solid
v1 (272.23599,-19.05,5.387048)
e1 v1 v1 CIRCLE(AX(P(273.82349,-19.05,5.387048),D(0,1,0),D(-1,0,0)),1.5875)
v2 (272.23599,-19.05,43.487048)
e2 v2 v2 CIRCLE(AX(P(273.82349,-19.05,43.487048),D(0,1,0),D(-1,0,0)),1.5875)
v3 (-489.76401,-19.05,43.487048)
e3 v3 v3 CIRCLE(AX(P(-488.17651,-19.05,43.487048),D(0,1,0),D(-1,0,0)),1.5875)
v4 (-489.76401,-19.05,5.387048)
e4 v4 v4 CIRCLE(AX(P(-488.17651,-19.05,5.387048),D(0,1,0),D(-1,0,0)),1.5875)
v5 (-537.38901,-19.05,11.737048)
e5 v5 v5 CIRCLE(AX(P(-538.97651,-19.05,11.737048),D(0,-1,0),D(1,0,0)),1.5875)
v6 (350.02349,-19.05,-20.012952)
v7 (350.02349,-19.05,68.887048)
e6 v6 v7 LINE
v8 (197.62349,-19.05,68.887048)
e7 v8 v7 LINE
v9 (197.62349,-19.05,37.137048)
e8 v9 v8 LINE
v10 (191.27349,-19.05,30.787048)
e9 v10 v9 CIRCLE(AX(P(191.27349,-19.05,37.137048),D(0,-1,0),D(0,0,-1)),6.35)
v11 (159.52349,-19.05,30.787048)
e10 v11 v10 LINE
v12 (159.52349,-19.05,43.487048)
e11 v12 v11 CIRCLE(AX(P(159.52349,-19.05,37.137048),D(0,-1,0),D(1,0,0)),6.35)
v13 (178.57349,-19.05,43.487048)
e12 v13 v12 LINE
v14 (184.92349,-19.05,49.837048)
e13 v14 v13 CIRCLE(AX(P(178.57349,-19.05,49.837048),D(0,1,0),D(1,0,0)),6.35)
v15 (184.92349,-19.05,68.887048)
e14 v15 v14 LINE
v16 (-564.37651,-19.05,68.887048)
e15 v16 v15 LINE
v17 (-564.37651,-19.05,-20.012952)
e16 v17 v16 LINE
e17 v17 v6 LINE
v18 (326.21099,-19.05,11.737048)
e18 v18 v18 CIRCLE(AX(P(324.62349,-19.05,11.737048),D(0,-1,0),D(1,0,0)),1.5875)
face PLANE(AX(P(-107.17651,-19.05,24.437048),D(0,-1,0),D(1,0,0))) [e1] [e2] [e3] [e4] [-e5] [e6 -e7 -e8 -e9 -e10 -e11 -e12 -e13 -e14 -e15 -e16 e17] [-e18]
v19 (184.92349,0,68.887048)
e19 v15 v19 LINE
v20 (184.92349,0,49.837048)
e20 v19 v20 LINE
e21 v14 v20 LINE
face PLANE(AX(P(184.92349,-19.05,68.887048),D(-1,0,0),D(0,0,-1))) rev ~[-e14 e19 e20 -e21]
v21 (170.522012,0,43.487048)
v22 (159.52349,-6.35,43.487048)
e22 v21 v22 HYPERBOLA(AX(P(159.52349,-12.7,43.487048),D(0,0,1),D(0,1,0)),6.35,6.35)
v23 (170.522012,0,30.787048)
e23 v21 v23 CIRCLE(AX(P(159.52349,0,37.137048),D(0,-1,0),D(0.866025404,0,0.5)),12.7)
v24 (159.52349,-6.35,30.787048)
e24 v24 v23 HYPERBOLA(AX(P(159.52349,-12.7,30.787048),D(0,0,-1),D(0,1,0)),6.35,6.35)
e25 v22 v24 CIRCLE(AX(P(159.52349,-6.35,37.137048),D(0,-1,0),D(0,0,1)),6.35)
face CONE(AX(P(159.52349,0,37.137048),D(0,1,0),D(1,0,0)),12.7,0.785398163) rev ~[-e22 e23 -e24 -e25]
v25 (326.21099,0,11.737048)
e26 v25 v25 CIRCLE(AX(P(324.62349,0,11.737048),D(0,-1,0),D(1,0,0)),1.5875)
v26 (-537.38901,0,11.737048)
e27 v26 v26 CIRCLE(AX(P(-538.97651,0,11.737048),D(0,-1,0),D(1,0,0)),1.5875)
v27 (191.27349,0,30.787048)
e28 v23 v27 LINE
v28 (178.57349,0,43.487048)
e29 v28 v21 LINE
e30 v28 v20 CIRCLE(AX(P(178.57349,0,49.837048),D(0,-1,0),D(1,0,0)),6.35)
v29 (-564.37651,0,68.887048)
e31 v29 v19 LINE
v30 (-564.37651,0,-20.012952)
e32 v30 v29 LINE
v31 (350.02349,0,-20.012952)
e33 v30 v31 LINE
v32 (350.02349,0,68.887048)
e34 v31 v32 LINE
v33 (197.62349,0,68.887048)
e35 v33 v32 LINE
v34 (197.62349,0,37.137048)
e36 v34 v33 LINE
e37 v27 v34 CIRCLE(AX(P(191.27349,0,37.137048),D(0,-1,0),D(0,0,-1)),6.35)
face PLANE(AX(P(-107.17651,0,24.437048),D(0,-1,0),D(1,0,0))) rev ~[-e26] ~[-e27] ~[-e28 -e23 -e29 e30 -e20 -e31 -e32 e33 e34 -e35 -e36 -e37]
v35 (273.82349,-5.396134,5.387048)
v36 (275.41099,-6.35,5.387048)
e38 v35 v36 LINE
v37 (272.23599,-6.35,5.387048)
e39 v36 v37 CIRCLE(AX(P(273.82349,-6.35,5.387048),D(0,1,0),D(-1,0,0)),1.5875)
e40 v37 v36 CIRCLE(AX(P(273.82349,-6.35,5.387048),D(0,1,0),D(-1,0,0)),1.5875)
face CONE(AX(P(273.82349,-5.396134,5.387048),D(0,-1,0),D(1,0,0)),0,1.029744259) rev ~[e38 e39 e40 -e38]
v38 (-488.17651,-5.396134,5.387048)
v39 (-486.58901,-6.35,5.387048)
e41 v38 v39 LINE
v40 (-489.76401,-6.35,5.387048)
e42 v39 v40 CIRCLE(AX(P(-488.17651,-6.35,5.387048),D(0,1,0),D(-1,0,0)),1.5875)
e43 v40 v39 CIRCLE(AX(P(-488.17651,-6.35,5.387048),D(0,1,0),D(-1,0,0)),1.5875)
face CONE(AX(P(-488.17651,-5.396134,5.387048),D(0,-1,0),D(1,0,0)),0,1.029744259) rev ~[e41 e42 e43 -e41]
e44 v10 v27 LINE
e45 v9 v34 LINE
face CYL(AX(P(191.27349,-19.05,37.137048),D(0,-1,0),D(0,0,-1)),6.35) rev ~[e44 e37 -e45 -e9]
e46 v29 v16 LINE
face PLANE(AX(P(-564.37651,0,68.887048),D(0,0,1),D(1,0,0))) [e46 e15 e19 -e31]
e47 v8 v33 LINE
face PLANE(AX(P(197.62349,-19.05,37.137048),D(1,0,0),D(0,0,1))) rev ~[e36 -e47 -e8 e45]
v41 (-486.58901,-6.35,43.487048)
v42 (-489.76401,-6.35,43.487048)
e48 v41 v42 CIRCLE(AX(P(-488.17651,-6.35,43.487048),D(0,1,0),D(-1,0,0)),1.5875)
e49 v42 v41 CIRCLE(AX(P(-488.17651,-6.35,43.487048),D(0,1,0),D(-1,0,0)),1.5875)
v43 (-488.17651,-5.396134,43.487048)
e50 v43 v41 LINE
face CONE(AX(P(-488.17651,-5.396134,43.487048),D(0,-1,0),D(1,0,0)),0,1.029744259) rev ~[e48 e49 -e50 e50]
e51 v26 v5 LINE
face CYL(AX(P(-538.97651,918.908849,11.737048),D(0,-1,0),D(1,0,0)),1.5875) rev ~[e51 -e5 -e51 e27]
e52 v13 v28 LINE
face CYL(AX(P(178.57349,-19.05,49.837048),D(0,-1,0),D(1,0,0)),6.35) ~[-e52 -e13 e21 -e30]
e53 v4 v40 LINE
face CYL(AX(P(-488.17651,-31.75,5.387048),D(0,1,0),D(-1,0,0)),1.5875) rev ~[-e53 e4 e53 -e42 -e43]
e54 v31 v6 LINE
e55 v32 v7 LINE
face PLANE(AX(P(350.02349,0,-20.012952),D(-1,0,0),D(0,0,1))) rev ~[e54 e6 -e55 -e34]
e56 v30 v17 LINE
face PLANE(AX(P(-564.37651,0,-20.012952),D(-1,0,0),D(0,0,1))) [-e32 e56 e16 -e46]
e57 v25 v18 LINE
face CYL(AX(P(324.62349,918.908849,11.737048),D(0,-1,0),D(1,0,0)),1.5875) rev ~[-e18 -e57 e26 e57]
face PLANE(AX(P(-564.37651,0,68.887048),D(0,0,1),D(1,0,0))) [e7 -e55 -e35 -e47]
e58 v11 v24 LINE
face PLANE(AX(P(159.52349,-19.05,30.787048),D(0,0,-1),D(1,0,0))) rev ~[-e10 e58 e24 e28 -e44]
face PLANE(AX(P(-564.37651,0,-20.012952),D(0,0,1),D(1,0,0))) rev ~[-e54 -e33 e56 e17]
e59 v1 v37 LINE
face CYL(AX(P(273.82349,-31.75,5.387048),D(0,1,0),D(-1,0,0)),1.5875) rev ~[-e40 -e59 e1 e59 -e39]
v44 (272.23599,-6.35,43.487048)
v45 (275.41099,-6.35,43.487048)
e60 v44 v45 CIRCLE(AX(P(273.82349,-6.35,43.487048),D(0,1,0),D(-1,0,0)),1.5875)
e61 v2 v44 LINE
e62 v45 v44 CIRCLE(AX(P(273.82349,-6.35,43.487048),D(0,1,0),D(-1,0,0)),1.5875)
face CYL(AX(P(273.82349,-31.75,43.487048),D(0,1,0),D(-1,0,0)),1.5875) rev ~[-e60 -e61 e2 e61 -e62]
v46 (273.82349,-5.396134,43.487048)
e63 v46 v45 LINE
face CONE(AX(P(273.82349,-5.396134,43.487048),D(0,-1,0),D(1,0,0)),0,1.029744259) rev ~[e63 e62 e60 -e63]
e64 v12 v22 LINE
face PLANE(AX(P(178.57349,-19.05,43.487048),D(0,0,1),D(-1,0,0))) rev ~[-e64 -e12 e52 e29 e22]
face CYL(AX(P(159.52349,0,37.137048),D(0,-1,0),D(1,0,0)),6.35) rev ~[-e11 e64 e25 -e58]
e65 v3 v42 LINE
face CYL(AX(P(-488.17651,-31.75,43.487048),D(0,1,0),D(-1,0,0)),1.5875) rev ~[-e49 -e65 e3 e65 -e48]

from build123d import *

# Parameters (mm, degrees)
F0_W           = 914.4
F0_H           = 88.9
F1_DEPTH       = 19.05
F3_D           = 3.175
F3_DEPTH       = 12.7
F3_TIP         = 0.9538662327
F4_DEPTH       = 19.051
F6_D           = 3.175
F8_D           = 12.7
F8_CSINK_D     = 25.4
F8_CSINK_ANGLE = 90


with BuildPart() as f1:
    # F0 (on Front) → F1 (new body)
    with BuildSketch(Plane.XZ):
        with Locations((-107.1765102817, 24.4370475411)):
            Rectangle(F0_W, F0_H)
    extrude(amount=F1_DEPTH)

    # F3
    with Locations(Plane.XZ.offset(19.05)):
        with Locations((273.8234897183, 43.4870475411), (273.8234897183, 5.3870475411), (-488.1765102817, 43.4870475411), (-488.1765102817, 5.3870475411)):
            Hole(F3_D / 2, depth=F3_DEPTH)
            with Locations((0, 0, -(F3_DEPTH + F3_TIP / 2))):  # 118° drill point
                Cone(0, F3_D / 2, F3_TIP, mode=Mode.SUBTRACT)

    # F2 (on face) → F4 (cut, through all)
    with BuildSketch(Plane.XZ.offset(19.05)):
        with BuildLine():
            Line((197.6234897183, 37.1370475411), (197.6234897183, 68.8870475411))
            Line((197.6234897183, 68.8870475411), (184.9234897183, 68.8870475411))
            Line((184.9234897183, 68.8870475411), (184.9234897183, 49.8370475411))
            ThreePointArc((184.9234897183, 49.8370475411), (183.0636177789, 45.3469194806), (178.5734897183, 43.4870475411))
            Line((178.5734897183, 43.4870475411), (159.5234897183, 43.4870475411))
            ThreePointArc((159.5234897183, 43.4870475411), (164.0136177789, 41.6271756017), (165.8734897183, 37.1370475411))
            ThreePointArc((165.8734897183, 37.1370475411), (164.0136177789, 32.6469194806), (159.5234897183, 30.7870475411))
            Line((159.5234897183, 30.7870475411), (191.2734897183, 30.7870475411))
            ThreePointArc((191.2734897183, 30.7870475411), (195.7636177789, 32.6469194806), (197.6234897183, 37.1370475411))
        make_face()
    extrude(amount=-F4_DEPTH, mode=Mode.SUBTRACT)

    # F6 (through all)
    with Locations(Plane(origin=(0, 0, 0), x_dir=(-1, 0, 0), z_dir=(0, 1, 0))):
        with Locations((-324.6234897183, 11.7370475411), (538.9765102817, 11.7370475411)):
            Hole(F6_D / 2)

    # F8 (through all)
    with Locations(Plane(origin=(0, 0, 0), x_dir=(-1, 0, 0), z_dir=(0, 1, 0))):
        with Locations((-159.5234897183, 37.1370475411)):
            CounterSinkHole(F8_D / 2, F8_CSINK_D / 2, counter_sink_angle=F8_CSINK_ANGLE)


solid = f1.part
